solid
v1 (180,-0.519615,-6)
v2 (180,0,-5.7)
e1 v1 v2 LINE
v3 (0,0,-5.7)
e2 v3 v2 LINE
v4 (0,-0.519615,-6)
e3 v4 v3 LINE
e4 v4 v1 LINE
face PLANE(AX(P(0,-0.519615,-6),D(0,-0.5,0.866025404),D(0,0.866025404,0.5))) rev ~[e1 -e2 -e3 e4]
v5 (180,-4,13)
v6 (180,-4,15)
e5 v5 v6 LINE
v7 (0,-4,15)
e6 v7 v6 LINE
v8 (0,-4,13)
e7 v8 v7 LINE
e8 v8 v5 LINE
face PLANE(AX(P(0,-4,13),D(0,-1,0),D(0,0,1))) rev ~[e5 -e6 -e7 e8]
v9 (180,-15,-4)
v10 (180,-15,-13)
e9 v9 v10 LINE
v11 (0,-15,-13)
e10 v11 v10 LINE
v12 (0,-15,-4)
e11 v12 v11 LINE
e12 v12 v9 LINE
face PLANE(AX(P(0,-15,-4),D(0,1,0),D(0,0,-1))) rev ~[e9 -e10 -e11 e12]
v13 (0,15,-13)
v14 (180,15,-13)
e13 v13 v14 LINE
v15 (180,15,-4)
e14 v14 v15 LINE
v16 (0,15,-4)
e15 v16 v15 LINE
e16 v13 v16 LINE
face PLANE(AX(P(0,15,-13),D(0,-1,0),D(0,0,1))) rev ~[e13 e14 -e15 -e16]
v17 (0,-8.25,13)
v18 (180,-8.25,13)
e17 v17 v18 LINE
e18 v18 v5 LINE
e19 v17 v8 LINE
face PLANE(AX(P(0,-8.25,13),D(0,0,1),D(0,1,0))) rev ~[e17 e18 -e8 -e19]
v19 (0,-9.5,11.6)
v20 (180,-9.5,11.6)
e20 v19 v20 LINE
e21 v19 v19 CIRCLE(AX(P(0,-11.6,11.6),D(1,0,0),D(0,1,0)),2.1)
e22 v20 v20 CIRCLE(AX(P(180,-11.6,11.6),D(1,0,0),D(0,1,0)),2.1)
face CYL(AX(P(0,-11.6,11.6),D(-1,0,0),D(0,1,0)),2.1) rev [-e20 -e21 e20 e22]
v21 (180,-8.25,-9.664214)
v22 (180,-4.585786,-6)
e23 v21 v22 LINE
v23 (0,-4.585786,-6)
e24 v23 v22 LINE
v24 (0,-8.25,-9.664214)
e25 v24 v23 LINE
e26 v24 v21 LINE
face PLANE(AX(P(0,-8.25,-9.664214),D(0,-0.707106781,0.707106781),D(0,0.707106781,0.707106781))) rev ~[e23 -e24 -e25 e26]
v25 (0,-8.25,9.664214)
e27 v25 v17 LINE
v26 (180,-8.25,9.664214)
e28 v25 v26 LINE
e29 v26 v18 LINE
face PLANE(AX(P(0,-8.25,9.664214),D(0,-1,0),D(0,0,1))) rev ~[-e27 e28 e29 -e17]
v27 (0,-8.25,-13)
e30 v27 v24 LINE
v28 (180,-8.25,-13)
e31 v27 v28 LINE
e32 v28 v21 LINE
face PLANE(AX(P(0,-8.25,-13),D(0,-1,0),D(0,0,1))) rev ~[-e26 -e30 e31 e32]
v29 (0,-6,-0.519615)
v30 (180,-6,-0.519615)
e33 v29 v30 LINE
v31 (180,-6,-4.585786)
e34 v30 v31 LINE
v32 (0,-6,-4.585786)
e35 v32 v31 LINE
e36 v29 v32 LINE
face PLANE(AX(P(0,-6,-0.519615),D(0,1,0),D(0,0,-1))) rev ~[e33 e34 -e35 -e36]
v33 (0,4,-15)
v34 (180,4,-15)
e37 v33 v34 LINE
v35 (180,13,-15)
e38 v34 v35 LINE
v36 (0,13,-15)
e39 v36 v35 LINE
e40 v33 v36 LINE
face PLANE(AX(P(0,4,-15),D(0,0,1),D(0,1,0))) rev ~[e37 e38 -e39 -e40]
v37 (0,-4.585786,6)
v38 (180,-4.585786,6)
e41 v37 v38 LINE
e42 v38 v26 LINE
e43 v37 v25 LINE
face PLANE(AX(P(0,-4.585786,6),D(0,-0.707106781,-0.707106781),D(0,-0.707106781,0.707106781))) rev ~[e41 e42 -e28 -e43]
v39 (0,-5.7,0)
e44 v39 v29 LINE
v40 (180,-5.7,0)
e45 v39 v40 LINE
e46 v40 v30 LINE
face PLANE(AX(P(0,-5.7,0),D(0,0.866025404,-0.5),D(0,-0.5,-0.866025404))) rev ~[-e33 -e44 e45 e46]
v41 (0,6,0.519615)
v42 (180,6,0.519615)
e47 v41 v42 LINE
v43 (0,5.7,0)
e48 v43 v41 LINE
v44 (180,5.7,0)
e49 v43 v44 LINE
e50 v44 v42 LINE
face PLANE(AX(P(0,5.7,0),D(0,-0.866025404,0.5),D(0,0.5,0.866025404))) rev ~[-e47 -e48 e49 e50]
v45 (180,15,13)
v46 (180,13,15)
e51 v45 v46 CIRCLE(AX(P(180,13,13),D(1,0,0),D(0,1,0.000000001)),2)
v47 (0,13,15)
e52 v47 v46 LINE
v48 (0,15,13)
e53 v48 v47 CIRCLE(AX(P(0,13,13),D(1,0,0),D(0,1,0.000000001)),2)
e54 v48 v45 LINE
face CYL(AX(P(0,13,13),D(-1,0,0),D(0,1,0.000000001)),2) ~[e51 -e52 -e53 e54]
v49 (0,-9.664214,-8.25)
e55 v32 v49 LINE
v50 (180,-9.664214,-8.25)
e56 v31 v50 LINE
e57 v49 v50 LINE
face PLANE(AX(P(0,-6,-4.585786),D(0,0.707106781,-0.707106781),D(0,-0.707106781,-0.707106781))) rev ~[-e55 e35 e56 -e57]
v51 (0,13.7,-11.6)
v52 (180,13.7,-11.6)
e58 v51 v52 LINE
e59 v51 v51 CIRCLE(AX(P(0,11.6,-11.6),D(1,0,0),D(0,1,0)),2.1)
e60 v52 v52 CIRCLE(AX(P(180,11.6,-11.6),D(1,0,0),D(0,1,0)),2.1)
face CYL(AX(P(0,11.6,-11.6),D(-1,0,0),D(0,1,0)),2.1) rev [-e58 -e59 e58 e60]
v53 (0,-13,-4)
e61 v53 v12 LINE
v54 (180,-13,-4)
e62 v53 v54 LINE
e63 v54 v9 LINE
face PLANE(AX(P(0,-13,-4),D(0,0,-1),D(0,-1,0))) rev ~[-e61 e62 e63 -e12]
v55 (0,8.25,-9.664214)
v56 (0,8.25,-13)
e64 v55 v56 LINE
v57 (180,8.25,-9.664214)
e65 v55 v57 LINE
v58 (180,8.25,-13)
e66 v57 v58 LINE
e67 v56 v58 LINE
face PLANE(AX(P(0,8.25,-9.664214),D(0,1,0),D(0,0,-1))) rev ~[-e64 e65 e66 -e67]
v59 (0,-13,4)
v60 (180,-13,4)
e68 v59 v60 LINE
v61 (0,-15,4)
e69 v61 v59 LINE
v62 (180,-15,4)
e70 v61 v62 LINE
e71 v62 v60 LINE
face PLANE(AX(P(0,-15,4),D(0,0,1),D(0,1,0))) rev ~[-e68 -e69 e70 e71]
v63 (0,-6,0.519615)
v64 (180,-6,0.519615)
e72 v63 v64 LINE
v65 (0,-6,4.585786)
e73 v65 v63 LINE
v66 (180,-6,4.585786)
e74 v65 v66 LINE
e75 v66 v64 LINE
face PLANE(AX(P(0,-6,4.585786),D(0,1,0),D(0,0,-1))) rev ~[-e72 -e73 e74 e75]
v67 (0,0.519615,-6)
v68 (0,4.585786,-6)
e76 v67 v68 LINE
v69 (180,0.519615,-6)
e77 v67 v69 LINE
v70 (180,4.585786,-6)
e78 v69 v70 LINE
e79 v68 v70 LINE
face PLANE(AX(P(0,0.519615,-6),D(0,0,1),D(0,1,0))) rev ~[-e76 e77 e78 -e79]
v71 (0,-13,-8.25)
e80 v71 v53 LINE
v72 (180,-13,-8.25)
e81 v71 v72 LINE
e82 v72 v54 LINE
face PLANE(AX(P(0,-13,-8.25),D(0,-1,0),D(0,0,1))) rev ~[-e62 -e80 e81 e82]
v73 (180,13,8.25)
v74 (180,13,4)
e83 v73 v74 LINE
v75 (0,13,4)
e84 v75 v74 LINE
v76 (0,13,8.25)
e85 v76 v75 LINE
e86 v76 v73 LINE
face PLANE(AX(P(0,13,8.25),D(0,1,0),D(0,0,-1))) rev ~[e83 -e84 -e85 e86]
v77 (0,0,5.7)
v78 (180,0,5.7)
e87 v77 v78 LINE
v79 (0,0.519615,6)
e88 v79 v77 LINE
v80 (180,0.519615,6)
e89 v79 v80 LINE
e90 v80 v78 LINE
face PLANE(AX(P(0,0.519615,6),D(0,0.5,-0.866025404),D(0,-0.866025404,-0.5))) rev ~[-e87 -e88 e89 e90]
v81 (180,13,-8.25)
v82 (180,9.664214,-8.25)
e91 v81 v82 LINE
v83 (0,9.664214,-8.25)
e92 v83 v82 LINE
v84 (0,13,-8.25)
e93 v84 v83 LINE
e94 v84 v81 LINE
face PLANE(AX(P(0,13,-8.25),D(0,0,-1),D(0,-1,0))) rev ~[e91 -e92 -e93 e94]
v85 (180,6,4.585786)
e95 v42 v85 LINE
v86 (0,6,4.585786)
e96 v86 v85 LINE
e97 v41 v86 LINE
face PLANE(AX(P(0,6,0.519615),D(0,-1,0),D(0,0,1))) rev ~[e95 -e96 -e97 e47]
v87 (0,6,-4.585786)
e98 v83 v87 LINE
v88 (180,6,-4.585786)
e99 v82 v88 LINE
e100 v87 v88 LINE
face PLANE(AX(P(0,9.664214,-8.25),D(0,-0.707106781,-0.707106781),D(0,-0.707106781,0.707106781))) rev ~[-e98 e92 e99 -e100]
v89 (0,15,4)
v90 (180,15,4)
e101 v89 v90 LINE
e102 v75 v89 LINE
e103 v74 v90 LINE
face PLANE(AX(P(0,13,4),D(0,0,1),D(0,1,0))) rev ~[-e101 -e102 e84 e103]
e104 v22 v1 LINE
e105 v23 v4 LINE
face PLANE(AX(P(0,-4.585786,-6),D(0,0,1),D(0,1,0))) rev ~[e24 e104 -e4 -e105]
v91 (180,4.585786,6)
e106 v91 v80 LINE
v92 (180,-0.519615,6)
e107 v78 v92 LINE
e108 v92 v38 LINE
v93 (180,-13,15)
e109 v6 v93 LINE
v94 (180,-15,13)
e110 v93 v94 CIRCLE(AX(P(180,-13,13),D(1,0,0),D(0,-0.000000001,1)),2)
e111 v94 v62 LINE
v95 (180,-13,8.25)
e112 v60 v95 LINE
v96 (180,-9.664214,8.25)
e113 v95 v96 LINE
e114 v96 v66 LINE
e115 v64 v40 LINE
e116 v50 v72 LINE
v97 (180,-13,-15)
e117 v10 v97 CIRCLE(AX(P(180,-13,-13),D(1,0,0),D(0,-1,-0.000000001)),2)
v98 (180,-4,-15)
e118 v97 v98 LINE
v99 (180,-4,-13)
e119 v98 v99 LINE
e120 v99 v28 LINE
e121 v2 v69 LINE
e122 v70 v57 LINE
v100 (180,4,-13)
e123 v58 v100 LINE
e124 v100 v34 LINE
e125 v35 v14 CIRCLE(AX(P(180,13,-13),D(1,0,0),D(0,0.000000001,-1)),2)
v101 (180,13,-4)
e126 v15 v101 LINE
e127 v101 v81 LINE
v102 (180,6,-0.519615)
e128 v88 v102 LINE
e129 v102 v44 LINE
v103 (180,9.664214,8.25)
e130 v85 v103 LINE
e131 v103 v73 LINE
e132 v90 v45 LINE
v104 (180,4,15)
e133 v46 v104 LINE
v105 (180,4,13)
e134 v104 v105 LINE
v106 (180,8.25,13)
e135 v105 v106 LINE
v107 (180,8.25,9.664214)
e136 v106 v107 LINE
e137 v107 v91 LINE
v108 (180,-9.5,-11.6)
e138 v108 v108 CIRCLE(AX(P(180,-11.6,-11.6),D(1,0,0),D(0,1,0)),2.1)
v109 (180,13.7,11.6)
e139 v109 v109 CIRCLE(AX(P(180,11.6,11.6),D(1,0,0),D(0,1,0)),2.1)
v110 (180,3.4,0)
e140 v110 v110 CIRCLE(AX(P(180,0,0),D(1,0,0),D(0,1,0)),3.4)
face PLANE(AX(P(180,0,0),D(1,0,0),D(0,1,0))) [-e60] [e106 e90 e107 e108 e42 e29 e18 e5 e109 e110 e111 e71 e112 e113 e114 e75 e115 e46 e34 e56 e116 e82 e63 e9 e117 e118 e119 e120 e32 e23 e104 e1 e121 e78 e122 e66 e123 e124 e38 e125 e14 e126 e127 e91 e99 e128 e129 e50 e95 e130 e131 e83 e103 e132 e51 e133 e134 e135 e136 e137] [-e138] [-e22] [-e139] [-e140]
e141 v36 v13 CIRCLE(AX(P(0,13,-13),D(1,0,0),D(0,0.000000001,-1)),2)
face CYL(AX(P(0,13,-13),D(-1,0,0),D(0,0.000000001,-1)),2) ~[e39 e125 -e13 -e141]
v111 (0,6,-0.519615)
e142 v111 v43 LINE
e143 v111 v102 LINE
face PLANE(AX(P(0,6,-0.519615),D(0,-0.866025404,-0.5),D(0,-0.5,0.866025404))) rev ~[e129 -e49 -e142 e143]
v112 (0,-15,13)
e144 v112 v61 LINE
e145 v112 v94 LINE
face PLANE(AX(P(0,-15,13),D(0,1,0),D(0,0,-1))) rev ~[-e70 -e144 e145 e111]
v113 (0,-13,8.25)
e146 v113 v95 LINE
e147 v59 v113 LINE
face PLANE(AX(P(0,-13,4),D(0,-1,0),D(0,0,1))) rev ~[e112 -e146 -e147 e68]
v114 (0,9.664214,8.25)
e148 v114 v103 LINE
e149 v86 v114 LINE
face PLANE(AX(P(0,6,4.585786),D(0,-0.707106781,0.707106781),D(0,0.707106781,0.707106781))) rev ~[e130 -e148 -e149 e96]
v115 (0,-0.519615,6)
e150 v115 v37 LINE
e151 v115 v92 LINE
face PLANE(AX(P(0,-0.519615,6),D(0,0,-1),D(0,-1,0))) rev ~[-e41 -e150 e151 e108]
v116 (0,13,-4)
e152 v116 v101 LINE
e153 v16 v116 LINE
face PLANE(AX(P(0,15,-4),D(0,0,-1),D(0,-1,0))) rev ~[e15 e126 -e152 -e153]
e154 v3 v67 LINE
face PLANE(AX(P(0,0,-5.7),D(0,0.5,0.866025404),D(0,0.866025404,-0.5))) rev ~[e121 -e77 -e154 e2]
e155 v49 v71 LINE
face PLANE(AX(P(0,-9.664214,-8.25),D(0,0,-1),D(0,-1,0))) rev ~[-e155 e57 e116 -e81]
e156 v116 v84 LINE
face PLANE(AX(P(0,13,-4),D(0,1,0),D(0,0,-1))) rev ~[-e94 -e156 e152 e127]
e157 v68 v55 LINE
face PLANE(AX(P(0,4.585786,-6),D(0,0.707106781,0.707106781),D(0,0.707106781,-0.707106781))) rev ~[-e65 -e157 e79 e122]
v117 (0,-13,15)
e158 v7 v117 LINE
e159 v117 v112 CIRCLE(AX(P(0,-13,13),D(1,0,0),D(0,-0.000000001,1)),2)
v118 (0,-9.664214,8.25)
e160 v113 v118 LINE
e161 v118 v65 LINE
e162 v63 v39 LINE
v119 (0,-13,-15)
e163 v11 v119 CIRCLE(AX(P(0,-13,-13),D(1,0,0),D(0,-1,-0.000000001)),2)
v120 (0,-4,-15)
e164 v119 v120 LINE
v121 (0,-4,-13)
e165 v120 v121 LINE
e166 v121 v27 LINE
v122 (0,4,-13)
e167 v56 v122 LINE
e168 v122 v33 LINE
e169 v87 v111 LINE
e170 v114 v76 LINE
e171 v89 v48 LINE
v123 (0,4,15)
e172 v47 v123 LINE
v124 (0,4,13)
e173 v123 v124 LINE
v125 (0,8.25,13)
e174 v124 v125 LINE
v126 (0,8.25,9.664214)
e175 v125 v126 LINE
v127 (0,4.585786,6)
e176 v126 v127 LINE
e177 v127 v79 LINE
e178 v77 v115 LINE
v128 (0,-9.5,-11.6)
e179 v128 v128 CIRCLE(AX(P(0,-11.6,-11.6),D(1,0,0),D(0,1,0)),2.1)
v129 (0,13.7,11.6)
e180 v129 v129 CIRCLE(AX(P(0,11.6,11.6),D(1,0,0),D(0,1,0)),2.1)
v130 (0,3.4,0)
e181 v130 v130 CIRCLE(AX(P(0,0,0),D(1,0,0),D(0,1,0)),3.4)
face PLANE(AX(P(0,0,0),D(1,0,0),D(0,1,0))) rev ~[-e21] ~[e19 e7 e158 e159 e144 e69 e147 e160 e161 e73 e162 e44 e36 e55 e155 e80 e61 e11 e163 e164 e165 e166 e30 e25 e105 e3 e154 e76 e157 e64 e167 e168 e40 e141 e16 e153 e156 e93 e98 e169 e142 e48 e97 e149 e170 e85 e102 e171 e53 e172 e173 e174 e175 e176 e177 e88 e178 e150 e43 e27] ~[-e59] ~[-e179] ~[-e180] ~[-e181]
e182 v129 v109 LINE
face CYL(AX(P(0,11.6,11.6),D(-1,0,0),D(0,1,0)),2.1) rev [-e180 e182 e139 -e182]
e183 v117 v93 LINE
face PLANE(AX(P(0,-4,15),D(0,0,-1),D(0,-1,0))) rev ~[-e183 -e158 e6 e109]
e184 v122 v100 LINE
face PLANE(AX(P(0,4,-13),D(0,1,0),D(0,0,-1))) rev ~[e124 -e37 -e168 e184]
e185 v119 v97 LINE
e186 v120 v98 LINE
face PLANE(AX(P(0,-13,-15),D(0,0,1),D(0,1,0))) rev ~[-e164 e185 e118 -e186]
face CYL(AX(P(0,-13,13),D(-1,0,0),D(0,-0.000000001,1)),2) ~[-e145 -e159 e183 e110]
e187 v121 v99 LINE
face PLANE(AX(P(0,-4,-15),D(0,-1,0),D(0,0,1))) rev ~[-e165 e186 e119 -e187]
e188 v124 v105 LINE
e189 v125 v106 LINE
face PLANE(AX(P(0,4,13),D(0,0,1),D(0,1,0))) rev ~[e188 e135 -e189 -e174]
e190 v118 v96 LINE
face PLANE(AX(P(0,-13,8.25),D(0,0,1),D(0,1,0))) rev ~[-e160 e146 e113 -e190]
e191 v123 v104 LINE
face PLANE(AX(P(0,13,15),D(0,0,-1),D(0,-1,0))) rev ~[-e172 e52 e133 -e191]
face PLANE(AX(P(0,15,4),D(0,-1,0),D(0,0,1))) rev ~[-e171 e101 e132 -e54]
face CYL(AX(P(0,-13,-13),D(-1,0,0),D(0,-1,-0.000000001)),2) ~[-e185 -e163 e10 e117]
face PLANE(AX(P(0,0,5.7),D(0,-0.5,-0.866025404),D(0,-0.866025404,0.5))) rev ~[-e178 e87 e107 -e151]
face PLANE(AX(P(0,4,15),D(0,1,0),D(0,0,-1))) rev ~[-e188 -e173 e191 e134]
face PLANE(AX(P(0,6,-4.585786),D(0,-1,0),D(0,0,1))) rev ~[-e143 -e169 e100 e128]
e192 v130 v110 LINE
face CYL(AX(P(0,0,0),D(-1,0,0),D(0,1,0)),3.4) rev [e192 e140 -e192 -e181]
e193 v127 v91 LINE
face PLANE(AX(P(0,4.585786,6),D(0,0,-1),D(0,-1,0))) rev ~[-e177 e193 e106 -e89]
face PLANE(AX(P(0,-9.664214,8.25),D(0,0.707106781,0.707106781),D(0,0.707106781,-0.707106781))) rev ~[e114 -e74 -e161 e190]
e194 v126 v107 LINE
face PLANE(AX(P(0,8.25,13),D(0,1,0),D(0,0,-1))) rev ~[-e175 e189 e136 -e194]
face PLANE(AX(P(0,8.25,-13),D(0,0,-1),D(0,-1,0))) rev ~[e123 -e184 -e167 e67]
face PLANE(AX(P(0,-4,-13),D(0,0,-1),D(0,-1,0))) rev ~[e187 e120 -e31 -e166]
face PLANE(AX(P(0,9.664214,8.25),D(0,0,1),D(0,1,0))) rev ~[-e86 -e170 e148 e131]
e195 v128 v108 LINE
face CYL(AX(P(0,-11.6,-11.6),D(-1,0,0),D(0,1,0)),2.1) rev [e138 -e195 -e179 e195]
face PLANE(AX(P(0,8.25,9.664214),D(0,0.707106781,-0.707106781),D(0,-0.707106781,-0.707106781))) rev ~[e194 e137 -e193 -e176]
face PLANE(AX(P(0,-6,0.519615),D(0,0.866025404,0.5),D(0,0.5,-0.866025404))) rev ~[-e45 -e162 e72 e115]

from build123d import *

# Parameters (mm, degrees)
SKETCH11_R              = 3.4
SKETCH11_R_2            = 2.1
NH_H_NH_30X30X2_1_DEPTH = 180


with BuildPart() as part:
    # Sketch11 → Ðnh hình 30X30X2(1) (new body)
    with BuildSketch(Plane.YZ):
        with BuildLine():
            Line((13, -4), (13, -8.25))
            Line((13, -8.25), (9.664213562, -8.25))
            Line((9.664213562, -8.25), (6, -4.585786438))
            Line((6, -4.585786438), (6, -0.519615242))
            Line((6, -0.519615242), (5.7, 0))
            Line((5.7, 0), (6, 0.519615242))
            Line((6, 0.519615242), (6, 4.585786438))
            Line((6, 4.585786438), (9.664213562, 8.25))
            Line((9.664213562, 8.25), (13, 8.25))
            Line((13, 8.25), (13, 4))
            Line((13, 4), (15, 4))
            Line((15, 4), (15, 13))
            ThreePointArc((15, 13), (14.414213562, 14.414213562), (13, 15))
            Line((13, 15), (4, 15))
            Line((4, 15), (4, 13))
            Line((4, 13), (8.25, 13))
            Line((8.25, 13), (8.25, 9.664213562))
            Line((8.25, 9.664213562), (4.585786438, 6))
            Line((4.585786438, 6), (0.519615242, 6))
            Line((0.519615242, 6), (0, 5.7))
            Line((0, 5.7), (-0.519615242, 6))
            Line((-0.519615242, 6), (-4.585786438, 6))
            Line((-4.585786438, 6), (-8.25, 9.664213562))
            Line((-8.25, 9.664213562), (-8.25, 13))
            Line((-8.25, 13), (-4, 13))
            Line((-4, 13), (-4, 15))
            Line((-4, 15), (-13, 15))
            ThreePointArc((-13, 15), (-14.414213562, 14.414213562), (-15, 13))
            Line((-15, 13), (-15, 4))
            Line((-15, 4), (-13, 4))
            Line((-13, 4), (-13, 8.25))
            Line((-13, 8.25), (-9.664213562, 8.25))
            Line((-9.664213562, 8.25), (-6, 4.585786438))
            Line((-6, 4.585786438), (-6, 0.519615242))
            Line((-6, 0.519615242), (-5.7, 0))
            Line((-5.7, 0), (-6, -0.519615242))
            Line((-6, -0.519615242), (-6, -4.585786438))
            Line((-6, -4.585786438), (-9.664213562, -8.25))
            Line((-9.664213562, -8.25), (-13, -8.25))
            Line((-13, -8.25), (-13, -4))
            Line((-13, -4), (-15, -4))
            Line((-15, -4), (-15, -13))
            ThreePointArc((-15, -13), (-14.414213562, -14.414213562), (-13, -15))
            Line((-13, -15), (-4, -15))
            Line((-4, -15), (-4, -13))
            Line((-4, -13), (-8.25, -13))
            Line((-8.25, -13), (-8.25, -9.664213562))
            Line((-8.25, -9.664213562), (-4.585786438, -6))
            Line((-4.585786438, -6), (-0.519615242, -6))
            Line((-0.519615242, -6), (0, -5.7))
            Line((0, -5.7), (0.519615242, -6))
            Line((0.519615242, -6), (4.585786438, -6))
            Line((4.585786438, -6), (8.25, -9.664213562))
            Line((8.25, -9.664213562), (8.25, -13))
            Line((8.25, -13), (4, -13))
            Line((4, -13), (4, -15))
            Line((4, -15), (13, -15))
            ThreePointArc((13, -15), (14.414213562, -14.414213562), (15, -13))
            Line((15, -13), (15, -4))
            Line((15, -4), (13, -4))
        make_face()
        Circle(SKETCH11_R, mode=Mode.SUBTRACT)
        with Locations((11.6, -11.6)):
            Circle(SKETCH11_R_2, mode=Mode.SUBTRACT)
        with Locations((11.6, 11.6)):
            Circle(SKETCH11_R_2, mode=Mode.SUBTRACT)
        with Locations((-11.6, 11.6)):
            Circle(SKETCH11_R_2, mode=Mode.SUBTRACT)
        with Locations((-11.6, -11.6)):
            Circle(SKETCH11_R_2, mode=Mode.SUBTRACT)
    extrude(amount=NH_H_NH_30X30X2_1_DEPTH)


solid = part.part
